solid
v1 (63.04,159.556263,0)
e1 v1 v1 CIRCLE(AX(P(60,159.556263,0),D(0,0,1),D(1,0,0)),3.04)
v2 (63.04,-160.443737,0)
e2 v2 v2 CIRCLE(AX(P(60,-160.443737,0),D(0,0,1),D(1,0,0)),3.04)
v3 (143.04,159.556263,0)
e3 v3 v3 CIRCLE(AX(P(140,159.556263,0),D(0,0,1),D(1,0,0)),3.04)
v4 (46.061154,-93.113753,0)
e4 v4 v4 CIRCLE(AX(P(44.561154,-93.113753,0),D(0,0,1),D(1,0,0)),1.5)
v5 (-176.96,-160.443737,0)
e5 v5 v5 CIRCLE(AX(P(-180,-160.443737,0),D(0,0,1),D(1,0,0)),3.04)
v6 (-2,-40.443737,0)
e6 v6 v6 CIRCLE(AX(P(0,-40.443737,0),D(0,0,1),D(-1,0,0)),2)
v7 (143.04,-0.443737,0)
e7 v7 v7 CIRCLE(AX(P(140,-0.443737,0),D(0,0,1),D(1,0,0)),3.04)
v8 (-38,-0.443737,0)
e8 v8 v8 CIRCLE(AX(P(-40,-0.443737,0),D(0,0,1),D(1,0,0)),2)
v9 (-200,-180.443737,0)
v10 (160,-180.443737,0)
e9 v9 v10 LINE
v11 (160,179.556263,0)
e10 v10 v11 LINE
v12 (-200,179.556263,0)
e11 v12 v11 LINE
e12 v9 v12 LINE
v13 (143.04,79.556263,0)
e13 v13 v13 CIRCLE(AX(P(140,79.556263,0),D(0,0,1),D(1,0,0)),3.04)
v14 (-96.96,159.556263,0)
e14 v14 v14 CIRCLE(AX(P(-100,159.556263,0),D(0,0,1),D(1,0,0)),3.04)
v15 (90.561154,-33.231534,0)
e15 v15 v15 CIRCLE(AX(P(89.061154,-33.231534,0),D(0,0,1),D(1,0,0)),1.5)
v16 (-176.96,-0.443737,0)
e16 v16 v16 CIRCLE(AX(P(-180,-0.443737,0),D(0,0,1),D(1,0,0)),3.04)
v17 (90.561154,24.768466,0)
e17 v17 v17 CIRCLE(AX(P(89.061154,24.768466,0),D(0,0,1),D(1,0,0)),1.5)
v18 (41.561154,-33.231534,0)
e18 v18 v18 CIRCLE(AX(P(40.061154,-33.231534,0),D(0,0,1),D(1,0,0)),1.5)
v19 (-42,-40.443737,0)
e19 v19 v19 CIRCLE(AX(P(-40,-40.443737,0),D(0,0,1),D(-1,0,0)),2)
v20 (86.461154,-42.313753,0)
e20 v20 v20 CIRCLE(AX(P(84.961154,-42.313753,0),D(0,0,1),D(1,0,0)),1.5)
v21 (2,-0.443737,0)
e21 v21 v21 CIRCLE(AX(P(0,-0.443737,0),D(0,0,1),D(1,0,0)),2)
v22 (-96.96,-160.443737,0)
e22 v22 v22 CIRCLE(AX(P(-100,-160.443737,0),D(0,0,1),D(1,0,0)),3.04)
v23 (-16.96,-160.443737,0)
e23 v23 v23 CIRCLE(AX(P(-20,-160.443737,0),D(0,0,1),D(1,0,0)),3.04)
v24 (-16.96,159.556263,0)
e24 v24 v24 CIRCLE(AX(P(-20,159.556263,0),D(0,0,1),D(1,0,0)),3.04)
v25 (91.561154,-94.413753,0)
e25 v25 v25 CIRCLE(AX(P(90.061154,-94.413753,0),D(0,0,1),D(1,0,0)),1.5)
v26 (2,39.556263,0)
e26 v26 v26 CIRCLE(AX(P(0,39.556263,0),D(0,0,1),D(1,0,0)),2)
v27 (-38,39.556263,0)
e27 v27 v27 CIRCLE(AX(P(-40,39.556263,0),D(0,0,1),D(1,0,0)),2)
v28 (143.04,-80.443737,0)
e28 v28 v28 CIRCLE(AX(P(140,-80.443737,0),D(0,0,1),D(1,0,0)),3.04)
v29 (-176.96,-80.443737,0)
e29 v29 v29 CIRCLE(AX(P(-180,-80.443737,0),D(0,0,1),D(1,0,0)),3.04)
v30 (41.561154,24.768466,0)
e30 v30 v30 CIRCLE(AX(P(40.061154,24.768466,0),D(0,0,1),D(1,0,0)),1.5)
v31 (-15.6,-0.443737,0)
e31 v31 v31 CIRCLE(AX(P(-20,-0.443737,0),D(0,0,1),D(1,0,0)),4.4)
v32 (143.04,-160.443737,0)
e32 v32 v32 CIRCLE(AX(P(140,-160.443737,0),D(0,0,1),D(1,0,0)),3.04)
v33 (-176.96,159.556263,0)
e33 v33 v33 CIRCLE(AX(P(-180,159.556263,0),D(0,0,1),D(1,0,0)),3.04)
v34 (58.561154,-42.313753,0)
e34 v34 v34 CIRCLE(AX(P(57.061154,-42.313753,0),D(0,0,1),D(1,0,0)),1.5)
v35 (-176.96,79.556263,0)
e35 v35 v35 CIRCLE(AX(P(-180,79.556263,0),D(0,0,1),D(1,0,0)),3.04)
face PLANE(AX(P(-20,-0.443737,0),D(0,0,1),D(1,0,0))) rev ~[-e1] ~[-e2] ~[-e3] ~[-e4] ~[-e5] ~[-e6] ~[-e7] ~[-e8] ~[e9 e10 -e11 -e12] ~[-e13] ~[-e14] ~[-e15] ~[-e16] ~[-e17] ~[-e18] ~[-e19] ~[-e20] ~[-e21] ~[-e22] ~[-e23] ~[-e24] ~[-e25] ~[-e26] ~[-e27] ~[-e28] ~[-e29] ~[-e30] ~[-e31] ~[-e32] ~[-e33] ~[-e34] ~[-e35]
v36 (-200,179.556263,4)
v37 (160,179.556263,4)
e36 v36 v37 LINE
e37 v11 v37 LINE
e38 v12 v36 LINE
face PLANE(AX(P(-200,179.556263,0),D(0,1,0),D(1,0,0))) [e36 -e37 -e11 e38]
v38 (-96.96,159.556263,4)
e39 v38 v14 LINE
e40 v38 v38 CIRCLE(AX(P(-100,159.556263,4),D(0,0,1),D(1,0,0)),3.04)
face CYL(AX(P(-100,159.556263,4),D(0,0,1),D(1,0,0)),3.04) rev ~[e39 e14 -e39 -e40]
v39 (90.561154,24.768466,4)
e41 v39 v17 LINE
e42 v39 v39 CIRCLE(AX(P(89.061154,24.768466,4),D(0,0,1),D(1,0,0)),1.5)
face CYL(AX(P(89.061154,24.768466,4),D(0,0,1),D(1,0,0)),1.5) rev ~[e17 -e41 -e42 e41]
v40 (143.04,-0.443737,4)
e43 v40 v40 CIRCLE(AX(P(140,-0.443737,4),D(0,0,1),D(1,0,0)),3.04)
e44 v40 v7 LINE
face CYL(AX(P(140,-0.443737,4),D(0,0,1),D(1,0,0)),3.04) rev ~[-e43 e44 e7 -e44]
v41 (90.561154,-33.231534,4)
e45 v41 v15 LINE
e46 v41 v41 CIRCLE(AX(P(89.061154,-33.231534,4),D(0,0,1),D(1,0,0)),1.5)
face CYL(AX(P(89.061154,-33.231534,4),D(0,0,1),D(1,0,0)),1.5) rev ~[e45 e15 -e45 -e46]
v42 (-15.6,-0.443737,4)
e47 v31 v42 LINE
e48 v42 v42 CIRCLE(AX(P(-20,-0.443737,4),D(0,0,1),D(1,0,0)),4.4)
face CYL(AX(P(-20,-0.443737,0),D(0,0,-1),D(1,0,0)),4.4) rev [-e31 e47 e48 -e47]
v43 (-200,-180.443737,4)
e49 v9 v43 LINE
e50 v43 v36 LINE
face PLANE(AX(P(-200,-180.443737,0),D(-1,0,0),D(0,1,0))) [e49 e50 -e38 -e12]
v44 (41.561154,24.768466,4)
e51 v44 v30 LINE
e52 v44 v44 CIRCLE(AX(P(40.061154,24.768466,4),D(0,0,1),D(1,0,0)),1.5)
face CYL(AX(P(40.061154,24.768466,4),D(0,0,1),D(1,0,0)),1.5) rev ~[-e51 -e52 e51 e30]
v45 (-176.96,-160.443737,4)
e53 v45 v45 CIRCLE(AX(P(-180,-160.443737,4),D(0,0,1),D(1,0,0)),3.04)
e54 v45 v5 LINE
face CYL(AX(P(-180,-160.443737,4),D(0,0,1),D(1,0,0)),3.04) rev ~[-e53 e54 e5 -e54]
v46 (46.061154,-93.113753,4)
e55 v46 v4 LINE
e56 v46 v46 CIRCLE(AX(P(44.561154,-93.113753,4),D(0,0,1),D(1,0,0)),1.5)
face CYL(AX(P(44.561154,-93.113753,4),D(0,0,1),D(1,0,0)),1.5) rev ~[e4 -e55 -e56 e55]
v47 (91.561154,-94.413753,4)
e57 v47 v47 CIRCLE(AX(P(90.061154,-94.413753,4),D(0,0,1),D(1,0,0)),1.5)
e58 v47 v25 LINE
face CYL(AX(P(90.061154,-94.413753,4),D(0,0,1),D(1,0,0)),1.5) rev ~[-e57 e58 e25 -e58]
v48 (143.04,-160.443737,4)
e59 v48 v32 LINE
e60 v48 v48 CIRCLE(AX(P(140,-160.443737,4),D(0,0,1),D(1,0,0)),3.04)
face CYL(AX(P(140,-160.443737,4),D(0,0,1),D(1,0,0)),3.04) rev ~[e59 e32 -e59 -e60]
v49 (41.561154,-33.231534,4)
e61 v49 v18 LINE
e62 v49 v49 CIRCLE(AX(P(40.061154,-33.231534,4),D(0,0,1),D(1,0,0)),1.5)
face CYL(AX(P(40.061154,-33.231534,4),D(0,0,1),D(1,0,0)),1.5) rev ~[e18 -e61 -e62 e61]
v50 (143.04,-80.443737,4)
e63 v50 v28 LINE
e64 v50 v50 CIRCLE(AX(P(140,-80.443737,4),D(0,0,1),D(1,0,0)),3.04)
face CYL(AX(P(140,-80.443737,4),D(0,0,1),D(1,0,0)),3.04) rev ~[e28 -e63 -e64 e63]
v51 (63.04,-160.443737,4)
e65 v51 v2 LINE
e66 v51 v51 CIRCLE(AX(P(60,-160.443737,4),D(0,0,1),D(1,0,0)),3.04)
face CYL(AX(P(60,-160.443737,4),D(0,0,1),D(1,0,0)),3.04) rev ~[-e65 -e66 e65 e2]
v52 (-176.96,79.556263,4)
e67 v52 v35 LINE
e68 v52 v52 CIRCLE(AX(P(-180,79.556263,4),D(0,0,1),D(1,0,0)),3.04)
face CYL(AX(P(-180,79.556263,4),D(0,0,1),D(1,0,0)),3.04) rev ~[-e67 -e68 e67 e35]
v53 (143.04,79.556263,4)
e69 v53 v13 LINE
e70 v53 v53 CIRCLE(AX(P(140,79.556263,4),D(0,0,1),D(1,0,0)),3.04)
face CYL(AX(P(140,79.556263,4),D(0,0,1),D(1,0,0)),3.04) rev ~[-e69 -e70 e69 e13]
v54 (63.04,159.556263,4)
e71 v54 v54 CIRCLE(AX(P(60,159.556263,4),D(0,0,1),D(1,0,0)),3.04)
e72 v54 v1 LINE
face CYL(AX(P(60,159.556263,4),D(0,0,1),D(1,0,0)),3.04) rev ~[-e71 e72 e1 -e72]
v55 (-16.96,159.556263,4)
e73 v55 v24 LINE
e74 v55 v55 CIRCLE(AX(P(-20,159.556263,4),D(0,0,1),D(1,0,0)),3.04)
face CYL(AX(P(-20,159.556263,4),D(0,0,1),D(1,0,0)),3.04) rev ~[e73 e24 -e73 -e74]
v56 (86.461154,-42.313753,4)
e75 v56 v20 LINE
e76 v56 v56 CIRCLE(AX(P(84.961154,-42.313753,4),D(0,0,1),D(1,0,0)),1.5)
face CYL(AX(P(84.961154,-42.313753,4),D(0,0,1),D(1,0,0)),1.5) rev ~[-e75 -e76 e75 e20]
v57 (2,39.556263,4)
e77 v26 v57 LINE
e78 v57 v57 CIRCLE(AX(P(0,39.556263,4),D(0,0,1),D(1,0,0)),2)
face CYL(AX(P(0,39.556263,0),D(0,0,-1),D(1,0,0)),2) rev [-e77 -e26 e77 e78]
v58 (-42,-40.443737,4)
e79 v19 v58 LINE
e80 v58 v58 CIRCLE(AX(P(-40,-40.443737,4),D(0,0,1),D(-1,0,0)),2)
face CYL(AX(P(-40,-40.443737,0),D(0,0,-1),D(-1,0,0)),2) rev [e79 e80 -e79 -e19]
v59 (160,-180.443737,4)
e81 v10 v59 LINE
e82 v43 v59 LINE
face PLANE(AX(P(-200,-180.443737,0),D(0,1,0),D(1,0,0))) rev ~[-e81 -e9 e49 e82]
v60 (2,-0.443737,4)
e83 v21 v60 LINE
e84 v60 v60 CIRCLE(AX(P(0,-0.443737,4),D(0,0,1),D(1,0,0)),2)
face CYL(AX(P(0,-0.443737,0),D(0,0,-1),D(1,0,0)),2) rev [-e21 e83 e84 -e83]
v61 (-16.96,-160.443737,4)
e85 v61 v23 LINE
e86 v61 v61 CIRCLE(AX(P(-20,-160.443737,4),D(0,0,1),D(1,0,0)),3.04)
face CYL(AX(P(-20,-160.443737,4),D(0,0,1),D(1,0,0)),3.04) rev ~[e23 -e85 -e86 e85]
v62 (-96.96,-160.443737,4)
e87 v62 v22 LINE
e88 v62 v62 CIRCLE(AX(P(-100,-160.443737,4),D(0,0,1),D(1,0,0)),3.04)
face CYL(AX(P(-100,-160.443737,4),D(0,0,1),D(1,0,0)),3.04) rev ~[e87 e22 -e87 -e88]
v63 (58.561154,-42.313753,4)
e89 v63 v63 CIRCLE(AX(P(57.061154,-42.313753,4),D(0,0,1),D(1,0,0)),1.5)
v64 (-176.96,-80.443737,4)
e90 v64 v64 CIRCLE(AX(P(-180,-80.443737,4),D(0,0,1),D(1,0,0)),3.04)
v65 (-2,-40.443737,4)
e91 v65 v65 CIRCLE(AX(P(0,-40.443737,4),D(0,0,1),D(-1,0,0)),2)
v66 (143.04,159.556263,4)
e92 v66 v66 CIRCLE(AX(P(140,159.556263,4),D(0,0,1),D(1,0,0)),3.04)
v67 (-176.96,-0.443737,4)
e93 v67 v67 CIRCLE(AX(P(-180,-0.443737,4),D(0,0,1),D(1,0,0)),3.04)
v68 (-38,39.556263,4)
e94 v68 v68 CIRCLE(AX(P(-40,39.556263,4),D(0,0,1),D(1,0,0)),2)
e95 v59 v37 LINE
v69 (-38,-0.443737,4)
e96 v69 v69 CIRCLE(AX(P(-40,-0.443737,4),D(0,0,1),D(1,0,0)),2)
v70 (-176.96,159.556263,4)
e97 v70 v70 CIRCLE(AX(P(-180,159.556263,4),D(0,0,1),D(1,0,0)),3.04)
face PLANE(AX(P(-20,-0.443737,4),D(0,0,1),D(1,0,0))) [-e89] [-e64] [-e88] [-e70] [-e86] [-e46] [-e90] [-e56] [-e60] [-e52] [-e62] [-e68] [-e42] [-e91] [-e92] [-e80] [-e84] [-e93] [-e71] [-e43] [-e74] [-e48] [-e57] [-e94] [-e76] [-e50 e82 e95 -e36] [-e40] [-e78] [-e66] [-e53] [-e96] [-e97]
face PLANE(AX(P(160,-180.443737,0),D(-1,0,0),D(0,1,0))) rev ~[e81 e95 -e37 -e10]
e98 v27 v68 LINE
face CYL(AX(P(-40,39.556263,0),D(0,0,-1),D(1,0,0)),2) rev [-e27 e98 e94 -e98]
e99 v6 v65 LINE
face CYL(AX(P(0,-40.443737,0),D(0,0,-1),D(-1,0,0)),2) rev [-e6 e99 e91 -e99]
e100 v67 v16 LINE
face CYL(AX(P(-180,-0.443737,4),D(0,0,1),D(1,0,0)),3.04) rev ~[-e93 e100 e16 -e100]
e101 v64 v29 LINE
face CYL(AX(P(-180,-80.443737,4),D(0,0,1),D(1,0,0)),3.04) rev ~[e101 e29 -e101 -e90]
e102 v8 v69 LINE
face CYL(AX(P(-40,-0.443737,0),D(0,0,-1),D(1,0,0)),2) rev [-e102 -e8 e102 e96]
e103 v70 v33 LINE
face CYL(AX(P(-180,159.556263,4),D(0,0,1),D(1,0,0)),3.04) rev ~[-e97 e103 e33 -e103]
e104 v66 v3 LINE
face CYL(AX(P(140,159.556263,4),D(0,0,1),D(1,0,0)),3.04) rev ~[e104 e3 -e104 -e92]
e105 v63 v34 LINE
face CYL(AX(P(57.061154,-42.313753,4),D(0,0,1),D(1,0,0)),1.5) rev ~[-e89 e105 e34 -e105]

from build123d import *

# Parameters (mm, degrees)
SKETCH_1_W          = 360
SKETCH_1_H          = 360
SKETCH_1_R          = 2
SKETCH_1_R_2        = 4.4
EXTRUDE_1_DEPTH     = 4
SKETCH_2_R          = 1.5
CUT_EXTRUDE_2_DEPTH = 20
SKETCH_3_R          = 3.04
CUT_EXTRUDE_3_DEPTH = 20


with BuildPart() as part:
    # 草图1 → 凸台-拉伸1 (new body)
    with BuildSketch(Plane.XY):
        with Locations((-20, -0.443736876)):
            Rectangle(SKETCH_1_W, SKETCH_1_H)
        with Locations((-40, -0.443736876)):
            Circle(SKETCH_1_R, mode=Mode.SUBTRACT)
        with Locations((-40, 39.556263124)):
            Circle(SKETCH_1_R, mode=Mode.SUBTRACT)
        with Locations((0, 39.556263124)):
            Circle(SKETCH_1_R, mode=Mode.SUBTRACT)
        with Locations((0, -0.443736876)):
            Circle(SKETCH_1_R, mode=Mode.SUBTRACT)
        with Locations(Location((0, -40.443736876, 0), (0, 0, 180))):
            Circle(SKETCH_1_R, mode=Mode.SUBTRACT)
        with Locations(Location((-40, -40.443736876, 0), (0, 0, 180))):
            Circle(SKETCH_1_R, mode=Mode.SUBTRACT)
        with Locations((-20, -0.443736876)):
            Circle(SKETCH_1_R_2, mode=Mode.SUBTRACT)
    extrude(amount=EXTRUDE_1_DEPTH)

    # 草图2 → 切除-拉伸2 (cut)
    with BuildSketch(Plane.XY.offset(4)):
        with Locations((57.061153948, -42.313752709)):
            Circle(SKETCH_2_R)
        with Locations((84.961153948, -42.313752709)):
            Circle(SKETCH_2_R)
        with Locations((44.561153948, -93.113752709)):
            Circle(SKETCH_2_R)
        with Locations((90.061153948, -94.413752709)):
            Circle(SKETCH_2_R)
        with Locations((40.061153948, 24.768466173)):
            Circle(SKETCH_2_R)
        with Locations((89.061153948, 24.768466173)):
            Circle(SKETCH_2_R)
        with Locations((40.061153948, -33.231533827)):
            Circle(SKETCH_2_R)
        with Locations((89.061153948, -33.231533827)):
            Circle(SKETCH_2_R)
    extrude(amount=-CUT_EXTRUDE_2_DEPTH, mode=Mode.SUBTRACT)

    # 草图3 → 切除-拉伸3 (cut)
    with BuildSketch(Plane.XY.offset(4)):
        with Locations((-180, -160.443736876)):
            Circle(SKETCH_3_R)
        with Locations((-180, -80.443736876)):
            Circle(SKETCH_3_R)
        with Locations((-180, -0.443736876)):
            Circle(SKETCH_3_R)
        with Locations((-180, 79.556263124)):
            Circle(SKETCH_3_R)
        with Locations((-180, 159.556263124)):
            Circle(SKETCH_3_R)
        with Locations((-100, 159.556263124)):
            Circle(SKETCH_3_R)
        with Locations((-20, 159.556263124)):
            Circle(SKETCH_3_R)
        with Locations((60, 159.556263124)):
            Circle(SKETCH_3_R)
        with Locations((140, 159.556263124)):
            Circle(SKETCH_3_R)
        with Locations((140, 79.556263124)):
            Circle(SKETCH_3_R)
        with Locations((140, -0.443736876)):
            Circle(SKETCH_3_R)
        with Locations((140, -80.443736876)):
            Circle(SKETCH_3_R)
        with Locations((140, -160.443736876)):
            Circle(SKETCH_3_R)
        with Locations((60, -160.443736876)):
            Circle(SKETCH_3_R)
        with Locations((-20, -160.443736876)):
            Circle(SKETCH_3_R)
        with Locations((-100, -160.443736876)):
            Circle(SKETCH_3_R)
    extrude(amount=-CUT_EXTRUDE_3_DEPTH, mode=Mode.SUBTRACT)


solid = part.part
